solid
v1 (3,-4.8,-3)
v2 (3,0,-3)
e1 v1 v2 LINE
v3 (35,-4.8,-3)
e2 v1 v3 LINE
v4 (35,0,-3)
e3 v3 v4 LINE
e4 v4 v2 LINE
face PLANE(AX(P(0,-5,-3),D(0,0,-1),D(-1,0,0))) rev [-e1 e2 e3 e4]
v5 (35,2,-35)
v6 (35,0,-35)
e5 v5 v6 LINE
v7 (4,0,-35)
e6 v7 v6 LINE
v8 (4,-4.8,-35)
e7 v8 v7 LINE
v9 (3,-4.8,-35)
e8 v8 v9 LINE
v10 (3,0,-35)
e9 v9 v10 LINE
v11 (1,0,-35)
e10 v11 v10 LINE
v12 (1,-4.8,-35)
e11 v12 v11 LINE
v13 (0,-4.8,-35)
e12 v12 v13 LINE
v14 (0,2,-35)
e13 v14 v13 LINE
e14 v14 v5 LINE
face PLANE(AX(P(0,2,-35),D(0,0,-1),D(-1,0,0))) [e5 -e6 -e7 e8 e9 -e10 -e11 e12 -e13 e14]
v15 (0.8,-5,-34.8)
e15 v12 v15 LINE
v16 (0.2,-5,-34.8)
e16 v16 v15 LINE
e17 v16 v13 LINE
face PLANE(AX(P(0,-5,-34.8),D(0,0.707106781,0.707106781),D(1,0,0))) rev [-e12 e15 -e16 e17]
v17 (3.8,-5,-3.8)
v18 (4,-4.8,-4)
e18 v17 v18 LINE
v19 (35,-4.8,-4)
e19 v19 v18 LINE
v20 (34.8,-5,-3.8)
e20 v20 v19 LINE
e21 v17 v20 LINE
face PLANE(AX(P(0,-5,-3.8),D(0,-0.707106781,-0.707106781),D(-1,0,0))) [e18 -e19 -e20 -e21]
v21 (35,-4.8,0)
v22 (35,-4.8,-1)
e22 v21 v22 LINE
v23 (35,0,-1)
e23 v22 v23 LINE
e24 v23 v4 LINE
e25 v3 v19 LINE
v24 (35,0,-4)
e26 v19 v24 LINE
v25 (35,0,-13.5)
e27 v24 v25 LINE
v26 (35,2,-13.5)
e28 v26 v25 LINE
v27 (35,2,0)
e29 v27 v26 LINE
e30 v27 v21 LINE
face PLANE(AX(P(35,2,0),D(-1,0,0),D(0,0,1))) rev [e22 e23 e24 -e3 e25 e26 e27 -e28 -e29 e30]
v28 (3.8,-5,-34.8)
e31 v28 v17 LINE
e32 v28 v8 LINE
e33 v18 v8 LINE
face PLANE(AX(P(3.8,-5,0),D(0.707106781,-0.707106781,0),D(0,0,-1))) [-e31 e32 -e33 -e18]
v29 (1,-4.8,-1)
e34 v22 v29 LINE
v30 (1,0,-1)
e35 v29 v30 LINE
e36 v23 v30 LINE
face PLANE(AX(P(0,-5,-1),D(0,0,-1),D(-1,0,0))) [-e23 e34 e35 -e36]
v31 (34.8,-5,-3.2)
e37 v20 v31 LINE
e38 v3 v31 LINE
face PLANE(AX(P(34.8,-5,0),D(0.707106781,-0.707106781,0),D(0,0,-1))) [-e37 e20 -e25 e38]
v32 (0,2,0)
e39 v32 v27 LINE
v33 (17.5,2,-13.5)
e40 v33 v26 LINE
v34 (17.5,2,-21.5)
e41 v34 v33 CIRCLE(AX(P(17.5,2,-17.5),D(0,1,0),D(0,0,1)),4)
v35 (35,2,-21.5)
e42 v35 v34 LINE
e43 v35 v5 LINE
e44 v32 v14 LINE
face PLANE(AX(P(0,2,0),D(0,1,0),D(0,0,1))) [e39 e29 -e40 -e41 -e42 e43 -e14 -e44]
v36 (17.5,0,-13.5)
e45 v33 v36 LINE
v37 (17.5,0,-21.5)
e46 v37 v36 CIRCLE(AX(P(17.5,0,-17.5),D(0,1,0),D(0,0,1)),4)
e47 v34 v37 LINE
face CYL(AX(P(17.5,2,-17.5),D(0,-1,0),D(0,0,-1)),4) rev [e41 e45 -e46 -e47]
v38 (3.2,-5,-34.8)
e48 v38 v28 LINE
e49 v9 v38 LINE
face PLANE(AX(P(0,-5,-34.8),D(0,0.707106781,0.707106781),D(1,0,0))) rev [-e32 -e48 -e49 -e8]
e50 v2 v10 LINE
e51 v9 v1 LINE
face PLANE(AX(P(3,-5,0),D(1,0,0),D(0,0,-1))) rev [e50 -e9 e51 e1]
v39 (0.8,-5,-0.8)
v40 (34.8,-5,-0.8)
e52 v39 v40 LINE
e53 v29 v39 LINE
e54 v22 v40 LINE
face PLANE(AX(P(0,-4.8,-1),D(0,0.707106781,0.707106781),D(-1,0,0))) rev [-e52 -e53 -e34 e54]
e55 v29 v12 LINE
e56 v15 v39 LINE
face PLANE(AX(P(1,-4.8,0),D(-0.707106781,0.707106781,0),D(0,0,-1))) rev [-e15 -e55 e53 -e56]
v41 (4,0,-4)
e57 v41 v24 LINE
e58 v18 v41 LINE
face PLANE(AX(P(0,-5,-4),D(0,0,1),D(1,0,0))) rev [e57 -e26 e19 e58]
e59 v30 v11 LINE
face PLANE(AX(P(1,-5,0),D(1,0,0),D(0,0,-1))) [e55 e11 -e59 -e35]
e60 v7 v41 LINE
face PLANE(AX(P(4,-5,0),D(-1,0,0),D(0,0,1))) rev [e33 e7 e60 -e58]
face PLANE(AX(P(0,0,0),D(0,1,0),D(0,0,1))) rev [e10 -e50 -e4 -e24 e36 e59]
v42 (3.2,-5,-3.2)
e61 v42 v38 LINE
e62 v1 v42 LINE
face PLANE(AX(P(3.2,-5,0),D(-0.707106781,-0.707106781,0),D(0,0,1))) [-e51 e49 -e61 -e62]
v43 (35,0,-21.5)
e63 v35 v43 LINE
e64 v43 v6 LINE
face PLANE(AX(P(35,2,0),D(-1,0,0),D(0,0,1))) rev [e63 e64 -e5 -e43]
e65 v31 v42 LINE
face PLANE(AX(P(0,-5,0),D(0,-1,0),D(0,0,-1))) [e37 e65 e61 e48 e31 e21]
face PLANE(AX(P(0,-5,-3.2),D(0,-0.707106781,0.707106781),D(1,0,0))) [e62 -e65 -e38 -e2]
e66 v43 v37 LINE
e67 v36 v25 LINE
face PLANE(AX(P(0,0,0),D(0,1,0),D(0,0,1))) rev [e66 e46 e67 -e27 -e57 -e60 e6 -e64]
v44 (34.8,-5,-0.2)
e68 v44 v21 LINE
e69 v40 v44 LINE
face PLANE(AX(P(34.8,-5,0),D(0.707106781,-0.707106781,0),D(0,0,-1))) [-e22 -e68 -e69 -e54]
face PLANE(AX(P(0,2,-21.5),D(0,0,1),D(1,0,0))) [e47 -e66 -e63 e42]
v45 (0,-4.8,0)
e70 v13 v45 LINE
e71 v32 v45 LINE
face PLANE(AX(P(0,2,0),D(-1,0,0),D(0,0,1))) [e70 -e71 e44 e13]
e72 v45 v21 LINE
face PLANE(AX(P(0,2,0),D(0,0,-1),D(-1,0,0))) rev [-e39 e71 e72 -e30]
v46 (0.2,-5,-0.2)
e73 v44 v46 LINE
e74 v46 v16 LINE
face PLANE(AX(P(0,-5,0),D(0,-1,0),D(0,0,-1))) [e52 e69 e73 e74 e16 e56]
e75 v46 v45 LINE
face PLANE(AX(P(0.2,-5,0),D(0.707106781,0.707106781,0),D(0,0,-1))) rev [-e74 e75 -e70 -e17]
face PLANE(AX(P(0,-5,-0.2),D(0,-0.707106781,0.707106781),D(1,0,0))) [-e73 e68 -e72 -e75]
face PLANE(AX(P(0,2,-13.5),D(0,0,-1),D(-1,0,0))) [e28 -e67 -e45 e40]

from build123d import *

# Parameters (mm, degrees)
BOSS_EXTRUDE1_DEPTH = 2
BOSS_EXTRUDE2_DEPTH = 5
CHAMFER1_SIZE       = 0.2


with BuildPart() as part:
    # Sketch1 → Boss-Extrude1 (new body)
    with BuildSketch(Plane(origin=(0, 0, 0), x_dir=(1, 0, 0), z_dir=(0, 1, 0))):
        with BuildLine():
            Line((35, 13.5), (17.5, 13.5))
            ThreePointArc((17.5, 13.5), (13.5, 17.5), (17.5, 21.5))
            Line((17.5, 21.5), (35, 21.5))
            Line((35, 21.5), (35, 35))
            Line((35, 35), (0, 35))
            Line((0, 35), (0, 0))
            Line((0, 0), (35, 0))
            Line((35, 0), (35, 13.5))
        make_face()
    extrude(amount=BOSS_EXTRUDE1_DEPTH)

    # Sketch2 → Boss-Extrude2 (add)
    with BuildSketch(Plane.XZ):
        Polygon((35, -4), (35, -3), (3, -3), (3, -35), (4, -35), (4, -4), align=None)
        Polygon((35, -1), (35, 0), (0, 0), (0, -35), (1, -35), (1, -3), (1, -1), (3, -1), align=None)
    extrude(amount=BOSS_EXTRUDE2_DEPTH)

    # Chamfer1
    chamfer1_edges = [part.edges().sort_by_distance(p)[0] for p in [
        (19, -5, -3),
        (3, -5, -19),
        (3.5, -5, -35),
        (4, -5, -19.5),
        (19.5, -5, -4),
        (35, -5, -3.5),
        (1, -5, -18),
        (18, -5, -1),
        (35, -5, -0.5),
        (17.5, -5, 0),
        (0, -5, -17.5),
        (0.5, -5, -35),
    ]]
    chamfer(chamfer1_edges, length=CHAMFER1_SIZE)


solid = part.part
